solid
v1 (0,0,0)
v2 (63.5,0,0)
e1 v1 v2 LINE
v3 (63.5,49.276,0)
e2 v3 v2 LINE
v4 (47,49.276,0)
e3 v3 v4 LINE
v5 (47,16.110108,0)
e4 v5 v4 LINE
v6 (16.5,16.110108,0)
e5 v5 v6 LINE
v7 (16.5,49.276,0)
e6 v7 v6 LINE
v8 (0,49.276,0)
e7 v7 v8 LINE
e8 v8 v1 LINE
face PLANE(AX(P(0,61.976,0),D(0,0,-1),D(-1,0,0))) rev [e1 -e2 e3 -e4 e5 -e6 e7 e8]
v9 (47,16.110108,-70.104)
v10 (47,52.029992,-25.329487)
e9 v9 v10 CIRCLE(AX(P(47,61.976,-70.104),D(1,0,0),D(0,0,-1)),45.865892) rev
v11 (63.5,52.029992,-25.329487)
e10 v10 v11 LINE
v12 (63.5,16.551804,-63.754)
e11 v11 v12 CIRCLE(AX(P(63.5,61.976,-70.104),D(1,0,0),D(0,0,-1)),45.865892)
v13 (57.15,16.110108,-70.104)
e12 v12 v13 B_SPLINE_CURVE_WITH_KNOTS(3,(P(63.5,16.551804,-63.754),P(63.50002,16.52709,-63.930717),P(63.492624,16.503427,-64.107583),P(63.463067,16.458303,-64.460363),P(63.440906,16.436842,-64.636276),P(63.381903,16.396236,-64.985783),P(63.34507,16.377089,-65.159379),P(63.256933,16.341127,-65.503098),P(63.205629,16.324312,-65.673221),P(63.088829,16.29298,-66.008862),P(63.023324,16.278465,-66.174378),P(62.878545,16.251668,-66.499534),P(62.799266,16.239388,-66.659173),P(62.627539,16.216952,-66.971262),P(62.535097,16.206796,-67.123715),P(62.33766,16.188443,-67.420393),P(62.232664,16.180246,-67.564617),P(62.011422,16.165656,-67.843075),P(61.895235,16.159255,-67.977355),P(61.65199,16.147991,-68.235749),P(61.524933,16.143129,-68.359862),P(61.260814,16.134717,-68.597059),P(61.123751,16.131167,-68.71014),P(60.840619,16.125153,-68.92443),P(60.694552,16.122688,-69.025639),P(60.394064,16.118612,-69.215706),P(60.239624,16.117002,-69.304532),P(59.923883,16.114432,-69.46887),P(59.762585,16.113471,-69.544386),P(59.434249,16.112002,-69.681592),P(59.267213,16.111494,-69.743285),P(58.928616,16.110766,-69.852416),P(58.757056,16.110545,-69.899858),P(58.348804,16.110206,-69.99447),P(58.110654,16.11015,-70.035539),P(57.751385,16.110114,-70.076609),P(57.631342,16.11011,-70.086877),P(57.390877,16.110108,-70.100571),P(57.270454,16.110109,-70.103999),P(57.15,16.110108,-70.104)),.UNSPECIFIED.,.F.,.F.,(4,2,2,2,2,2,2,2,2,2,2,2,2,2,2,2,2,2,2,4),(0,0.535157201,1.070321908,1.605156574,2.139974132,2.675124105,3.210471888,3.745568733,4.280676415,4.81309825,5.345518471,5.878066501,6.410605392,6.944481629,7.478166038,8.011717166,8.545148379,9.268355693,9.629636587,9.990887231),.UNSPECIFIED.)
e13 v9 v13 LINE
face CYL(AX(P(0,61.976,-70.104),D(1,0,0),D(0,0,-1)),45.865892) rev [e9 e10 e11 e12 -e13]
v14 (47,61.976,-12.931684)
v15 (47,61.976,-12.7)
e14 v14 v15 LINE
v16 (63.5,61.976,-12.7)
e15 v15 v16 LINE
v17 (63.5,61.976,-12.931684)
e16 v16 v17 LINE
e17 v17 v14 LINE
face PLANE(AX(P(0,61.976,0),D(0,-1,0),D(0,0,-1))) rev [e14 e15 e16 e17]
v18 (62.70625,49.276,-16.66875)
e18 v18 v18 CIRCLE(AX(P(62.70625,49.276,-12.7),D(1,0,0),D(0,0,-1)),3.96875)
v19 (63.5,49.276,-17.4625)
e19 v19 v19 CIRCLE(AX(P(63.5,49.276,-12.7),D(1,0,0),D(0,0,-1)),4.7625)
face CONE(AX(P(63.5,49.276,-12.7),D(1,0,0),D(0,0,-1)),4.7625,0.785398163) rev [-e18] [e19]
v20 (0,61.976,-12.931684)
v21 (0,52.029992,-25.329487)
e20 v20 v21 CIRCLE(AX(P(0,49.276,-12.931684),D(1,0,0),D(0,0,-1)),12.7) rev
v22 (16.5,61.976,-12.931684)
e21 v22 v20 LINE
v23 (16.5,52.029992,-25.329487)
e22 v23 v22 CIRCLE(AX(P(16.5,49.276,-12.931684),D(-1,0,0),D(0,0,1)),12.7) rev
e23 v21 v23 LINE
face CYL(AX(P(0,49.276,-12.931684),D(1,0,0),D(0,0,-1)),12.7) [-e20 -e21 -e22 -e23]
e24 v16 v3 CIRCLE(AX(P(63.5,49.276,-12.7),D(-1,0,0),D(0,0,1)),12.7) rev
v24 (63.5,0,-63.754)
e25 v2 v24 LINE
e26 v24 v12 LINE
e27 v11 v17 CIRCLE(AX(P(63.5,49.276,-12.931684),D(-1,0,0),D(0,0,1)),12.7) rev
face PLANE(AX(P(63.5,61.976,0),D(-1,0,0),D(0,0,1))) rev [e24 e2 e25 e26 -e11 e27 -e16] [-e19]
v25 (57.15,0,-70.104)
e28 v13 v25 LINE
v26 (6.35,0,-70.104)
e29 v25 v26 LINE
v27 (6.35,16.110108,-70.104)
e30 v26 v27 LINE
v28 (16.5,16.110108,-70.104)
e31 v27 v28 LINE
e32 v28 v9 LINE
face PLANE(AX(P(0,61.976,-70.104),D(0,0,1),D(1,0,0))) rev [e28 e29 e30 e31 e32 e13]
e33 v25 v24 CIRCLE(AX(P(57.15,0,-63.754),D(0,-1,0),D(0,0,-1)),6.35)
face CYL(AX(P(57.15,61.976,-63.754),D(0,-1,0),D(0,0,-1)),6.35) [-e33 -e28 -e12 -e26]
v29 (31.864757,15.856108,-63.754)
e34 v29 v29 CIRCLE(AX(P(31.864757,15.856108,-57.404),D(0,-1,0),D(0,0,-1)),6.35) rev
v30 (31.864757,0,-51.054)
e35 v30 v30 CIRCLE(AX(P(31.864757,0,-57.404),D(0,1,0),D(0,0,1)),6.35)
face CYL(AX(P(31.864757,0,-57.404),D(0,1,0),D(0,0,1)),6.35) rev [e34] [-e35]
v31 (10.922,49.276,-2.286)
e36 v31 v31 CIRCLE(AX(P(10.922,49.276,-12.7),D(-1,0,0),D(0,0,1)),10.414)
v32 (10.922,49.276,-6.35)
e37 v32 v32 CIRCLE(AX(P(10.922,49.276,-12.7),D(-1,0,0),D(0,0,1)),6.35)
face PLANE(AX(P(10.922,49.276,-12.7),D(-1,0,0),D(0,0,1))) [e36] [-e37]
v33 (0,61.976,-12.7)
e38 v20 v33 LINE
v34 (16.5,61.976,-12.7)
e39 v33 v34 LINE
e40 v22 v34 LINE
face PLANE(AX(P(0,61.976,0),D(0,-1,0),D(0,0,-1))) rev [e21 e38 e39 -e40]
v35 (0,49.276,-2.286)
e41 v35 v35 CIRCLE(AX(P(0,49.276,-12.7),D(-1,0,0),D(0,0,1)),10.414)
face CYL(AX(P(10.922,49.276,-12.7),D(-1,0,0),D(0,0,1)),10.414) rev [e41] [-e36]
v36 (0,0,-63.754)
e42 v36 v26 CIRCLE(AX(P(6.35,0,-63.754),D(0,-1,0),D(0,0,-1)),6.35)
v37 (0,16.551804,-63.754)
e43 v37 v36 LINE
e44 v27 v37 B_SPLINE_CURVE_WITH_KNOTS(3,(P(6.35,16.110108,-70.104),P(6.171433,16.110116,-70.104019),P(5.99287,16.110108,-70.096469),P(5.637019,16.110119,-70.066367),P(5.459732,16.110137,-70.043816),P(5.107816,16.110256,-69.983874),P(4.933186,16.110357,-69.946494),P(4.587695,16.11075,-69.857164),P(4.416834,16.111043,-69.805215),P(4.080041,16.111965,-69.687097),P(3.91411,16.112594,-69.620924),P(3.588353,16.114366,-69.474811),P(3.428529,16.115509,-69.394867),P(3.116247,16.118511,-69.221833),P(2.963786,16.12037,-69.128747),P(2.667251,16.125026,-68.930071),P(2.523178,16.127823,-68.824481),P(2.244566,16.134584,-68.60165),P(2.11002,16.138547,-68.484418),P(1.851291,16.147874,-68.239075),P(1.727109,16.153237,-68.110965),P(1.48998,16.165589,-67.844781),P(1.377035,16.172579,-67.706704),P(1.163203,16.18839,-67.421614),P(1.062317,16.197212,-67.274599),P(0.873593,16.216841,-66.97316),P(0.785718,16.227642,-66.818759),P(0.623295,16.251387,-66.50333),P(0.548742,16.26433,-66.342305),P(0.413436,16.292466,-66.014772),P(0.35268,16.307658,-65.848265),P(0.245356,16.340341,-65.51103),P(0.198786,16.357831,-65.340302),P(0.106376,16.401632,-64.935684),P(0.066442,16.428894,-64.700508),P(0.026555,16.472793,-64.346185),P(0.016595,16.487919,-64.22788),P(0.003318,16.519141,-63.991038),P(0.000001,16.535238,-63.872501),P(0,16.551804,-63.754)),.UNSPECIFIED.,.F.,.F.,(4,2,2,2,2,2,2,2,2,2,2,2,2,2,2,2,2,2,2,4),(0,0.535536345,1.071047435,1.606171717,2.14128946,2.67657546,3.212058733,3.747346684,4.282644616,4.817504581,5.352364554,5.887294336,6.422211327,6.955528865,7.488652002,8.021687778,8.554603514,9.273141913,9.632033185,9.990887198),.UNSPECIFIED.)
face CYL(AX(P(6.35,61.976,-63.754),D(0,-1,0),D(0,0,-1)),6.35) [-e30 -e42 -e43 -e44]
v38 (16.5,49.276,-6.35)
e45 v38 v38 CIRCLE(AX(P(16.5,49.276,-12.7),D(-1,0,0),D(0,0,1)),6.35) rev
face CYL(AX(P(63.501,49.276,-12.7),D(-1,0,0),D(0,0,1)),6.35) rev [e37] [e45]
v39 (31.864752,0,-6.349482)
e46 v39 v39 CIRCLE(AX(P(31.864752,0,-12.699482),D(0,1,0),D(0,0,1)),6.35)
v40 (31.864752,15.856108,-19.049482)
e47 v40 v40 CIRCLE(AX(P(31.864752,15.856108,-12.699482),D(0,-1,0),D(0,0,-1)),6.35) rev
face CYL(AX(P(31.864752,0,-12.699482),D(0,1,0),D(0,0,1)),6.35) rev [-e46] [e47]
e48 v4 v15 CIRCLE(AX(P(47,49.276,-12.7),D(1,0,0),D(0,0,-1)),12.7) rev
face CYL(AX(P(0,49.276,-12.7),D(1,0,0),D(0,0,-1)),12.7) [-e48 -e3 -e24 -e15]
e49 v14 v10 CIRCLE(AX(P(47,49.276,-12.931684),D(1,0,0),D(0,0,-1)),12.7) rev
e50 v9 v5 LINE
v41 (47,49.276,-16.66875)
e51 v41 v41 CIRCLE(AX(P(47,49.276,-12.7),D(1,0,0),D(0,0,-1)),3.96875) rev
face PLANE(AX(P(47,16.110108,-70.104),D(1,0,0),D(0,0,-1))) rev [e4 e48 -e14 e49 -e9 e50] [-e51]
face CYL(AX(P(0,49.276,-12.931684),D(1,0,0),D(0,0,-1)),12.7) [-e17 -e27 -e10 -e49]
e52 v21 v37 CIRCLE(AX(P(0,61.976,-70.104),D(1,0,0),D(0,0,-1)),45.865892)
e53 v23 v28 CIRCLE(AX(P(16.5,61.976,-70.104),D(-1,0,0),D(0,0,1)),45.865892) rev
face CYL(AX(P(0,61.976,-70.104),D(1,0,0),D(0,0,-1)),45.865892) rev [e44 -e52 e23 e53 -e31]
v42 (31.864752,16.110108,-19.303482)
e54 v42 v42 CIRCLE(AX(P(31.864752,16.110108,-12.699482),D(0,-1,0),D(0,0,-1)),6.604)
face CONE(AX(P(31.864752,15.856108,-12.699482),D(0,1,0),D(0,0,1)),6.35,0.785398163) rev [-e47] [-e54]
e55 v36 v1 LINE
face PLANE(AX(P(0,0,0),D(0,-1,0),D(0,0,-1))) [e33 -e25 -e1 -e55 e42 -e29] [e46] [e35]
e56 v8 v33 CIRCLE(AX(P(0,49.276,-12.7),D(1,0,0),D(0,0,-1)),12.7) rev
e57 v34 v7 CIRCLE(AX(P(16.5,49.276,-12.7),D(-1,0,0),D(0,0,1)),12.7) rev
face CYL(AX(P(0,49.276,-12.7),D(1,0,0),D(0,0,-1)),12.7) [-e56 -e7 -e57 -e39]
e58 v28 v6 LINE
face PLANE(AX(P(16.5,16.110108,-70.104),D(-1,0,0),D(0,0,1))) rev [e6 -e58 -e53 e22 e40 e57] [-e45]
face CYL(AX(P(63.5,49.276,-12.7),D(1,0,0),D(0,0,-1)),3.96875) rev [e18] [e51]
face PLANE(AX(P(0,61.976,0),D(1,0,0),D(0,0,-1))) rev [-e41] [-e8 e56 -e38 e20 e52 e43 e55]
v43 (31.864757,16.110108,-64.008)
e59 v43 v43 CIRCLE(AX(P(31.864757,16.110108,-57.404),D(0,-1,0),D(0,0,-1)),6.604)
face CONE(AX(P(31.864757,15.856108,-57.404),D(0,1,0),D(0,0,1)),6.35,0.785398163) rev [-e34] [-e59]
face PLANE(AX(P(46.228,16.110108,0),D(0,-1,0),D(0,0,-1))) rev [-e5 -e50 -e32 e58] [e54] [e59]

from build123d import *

# Parameters (mm, degrees)
SKETCH1_W                         = 63.5
SKETCH1_H                         = 70.104
BOSS_EXTRUDE1_DEPTH               = 61.976
SKETCH2_R                         = 45.865892013
CUT_EXTRUDE1_DEPTH                = 63.5
FILLET2_R                         = 12.7
SKETCH3_W                         = 28.956
SKETCH3_H                         = 47.389892013
CUT_EXTRUDE2_DEPTH                = 71.104
SKETCH4_R                         = 6.35
CUT_EXTRUDE3_DEPTH                = 17.110107987
CHAMFER1_SIZE                     = 0.254
FILLET4_R                         = 6.35
SKETCH5_R                         = 10.414
CUT_EXTRUDE4_DEPTH                = 10.922
CUT_EXTRUDE5_REACH                = 54.578
SKETCH6_R                         = 6.35
F_3_8_16_TAPPED_HOLE1_D           = 7.9375
F_3_8_16_TAPPED_HOLE1_DEPTH       = 17.272
F_3_8_16_TAPPED_HOLE1_CSINK_D     = 9.525
F_3_8_16_TAPPED_HOLE1_CSINK_ANGLE = 90
SKETCH9_W                         = 30.5
SKETCH9_H                         = 45.865892013
CUT_EXTRUDE6_DEPTH                = 71.1040001


with BuildPart() as part:
    # Sketch1 → Boss-Extrude1 (new body)
    with BuildSketch(Plane(origin=(0, 0, 0), x_dir=(1, 0, 0), z_dir=(0, 1, 0))):
        with Locations((31.75, 35.052)):
            Rectangle(SKETCH1_W, SKETCH1_H)
    extrude(amount=BOSS_EXTRUDE1_DEPTH)

    # Sketch2 → Cut-Extrude1 (cut)
    with BuildSketch(Plane(origin=(63.5, 0, 0), x_dir=(0, 0, -1), z_dir=(1, 0, 0))):
        with Locations((70.104, 61.976)):
            Circle(SKETCH2_R)
    extrude(amount=-CUT_EXTRUDE1_DEPTH, mode=Mode.SUBTRACT)

    # Fillet2
    fillet2_edges = [part.edges().sort_by_distance(p)[0] for p in [
        (31.75, 61.976, -24.238107987),
        (31.75, 61.976, 0),
    ]]
    fillet(fillet2_edges, radius=FILLET2_R)

    # Sketch3 → Cut-Extrude2 (cut, through all)
    with BuildSketch(Plane(origin=(0, 0, -70.104), x_dir=(-1, 0, 0), z_dir=(0, 0, -1))):
        with Locations((-31.75, 39.805053994)):
            Rectangle(SKETCH3_W, SKETCH3_H)
    extrude(amount=-CUT_EXTRUDE2_DEPTH, mode=Mode.SUBTRACT)

    # Sketch4 → Cut-Extrude3 (cut, through all)
    with BuildSketch(Plane(origin=(0, 16.110107987, 0), x_dir=(1, 0, 0), z_dir=(0, 1, 0))):
        with Locations(Location((31.864756847, 57.404, 0), (0, 0, 270))):  # turned: the seam where the file's is
            Circle(SKETCH4_R)
        with Locations(Location((31.864752163, 12.699481562, 0), (0, 0, 270))):  # turned: the seam where the file's is
            Circle(SKETCH4_R)
    extrude(amount=-CUT_EXTRUDE3_DEPTH, mode=Mode.SUBTRACT)

    # Chamfer1
    chamfer1_edges = [part.edges().sort_by_distance(p)[0] for p in [
        (31.864756847, 16.110107987, -63.754),
        (31.864752163, 16.110107987, -19.049481562),
    ]]
    chamfer(chamfer1_edges, length=CHAMFER1_SIZE)

    # Fillet4
    fillet4_edges = [part.edges().sort_by_distance(p)[0] for p in [
        (0, 8.055053993, -70.104),
        (63.5, 8.055053993, -70.104),
    ]]
    fillet(fillet4_edges, radius=FILLET4_R)

    # Sketch5 → Cut-Extrude4 (cut)
    with BuildSketch(Plane.ZY):
        with Locations((-12.7, 49.276)):
            Circle(SKETCH5_R)
    extrude(amount=-CUT_EXTRUDE4_DEPTH, mode=Mode.SUBTRACT)

    # Sketch6 → Cut-Extrude5 (cut, up to next)
    with BuildSketch(Plane.ZY.offset(-10.922), mode=Mode.PRIVATE) as cut_extrude5_sk1:
        with Locations((-12.7, 49.276)):
            Circle(SKETCH6_R)
    cut_extrude5_tool1 = extrude(cut_extrude5_sk1.sketch, amount=-CUT_EXTRUDE5_REACH, mode=Mode.PRIVATE) & part.part
    add(cut_extrude5_tool1.solids().sort_by_distance((10.922, 49.276, -12.7))[0], mode=Mode.SUBTRACT)

    # 3/8-16 Tapped Hole1
    with Locations(Plane(origin=(63.5, 0, 0), x_dir=(0, 0, -1), z_dir=(1, 0, 0))):
        with Locations((12.7, 49.276)):
            CounterSinkHole(F_3_8_16_TAPPED_HOLE1_D / 2, F_3_8_16_TAPPED_HOLE1_CSINK_D / 2, depth=F_3_8_16_TAPPED_HOLE1_DEPTH, counter_sink_angle=F_3_8_16_TAPPED_HOLE1_CSINK_ANGLE)

    # Sketch9 → Cut-Extrude6 (cut, through all)
    with BuildSketch(Plane.XY):
        with Locations((31.75, 39.043053994)):
            Rectangle(SKETCH9_W, SKETCH9_H)
    extrude(amount=-CUT_EXTRUDE6_DEPTH, mode=Mode.SUBTRACT)


solid = part.part
